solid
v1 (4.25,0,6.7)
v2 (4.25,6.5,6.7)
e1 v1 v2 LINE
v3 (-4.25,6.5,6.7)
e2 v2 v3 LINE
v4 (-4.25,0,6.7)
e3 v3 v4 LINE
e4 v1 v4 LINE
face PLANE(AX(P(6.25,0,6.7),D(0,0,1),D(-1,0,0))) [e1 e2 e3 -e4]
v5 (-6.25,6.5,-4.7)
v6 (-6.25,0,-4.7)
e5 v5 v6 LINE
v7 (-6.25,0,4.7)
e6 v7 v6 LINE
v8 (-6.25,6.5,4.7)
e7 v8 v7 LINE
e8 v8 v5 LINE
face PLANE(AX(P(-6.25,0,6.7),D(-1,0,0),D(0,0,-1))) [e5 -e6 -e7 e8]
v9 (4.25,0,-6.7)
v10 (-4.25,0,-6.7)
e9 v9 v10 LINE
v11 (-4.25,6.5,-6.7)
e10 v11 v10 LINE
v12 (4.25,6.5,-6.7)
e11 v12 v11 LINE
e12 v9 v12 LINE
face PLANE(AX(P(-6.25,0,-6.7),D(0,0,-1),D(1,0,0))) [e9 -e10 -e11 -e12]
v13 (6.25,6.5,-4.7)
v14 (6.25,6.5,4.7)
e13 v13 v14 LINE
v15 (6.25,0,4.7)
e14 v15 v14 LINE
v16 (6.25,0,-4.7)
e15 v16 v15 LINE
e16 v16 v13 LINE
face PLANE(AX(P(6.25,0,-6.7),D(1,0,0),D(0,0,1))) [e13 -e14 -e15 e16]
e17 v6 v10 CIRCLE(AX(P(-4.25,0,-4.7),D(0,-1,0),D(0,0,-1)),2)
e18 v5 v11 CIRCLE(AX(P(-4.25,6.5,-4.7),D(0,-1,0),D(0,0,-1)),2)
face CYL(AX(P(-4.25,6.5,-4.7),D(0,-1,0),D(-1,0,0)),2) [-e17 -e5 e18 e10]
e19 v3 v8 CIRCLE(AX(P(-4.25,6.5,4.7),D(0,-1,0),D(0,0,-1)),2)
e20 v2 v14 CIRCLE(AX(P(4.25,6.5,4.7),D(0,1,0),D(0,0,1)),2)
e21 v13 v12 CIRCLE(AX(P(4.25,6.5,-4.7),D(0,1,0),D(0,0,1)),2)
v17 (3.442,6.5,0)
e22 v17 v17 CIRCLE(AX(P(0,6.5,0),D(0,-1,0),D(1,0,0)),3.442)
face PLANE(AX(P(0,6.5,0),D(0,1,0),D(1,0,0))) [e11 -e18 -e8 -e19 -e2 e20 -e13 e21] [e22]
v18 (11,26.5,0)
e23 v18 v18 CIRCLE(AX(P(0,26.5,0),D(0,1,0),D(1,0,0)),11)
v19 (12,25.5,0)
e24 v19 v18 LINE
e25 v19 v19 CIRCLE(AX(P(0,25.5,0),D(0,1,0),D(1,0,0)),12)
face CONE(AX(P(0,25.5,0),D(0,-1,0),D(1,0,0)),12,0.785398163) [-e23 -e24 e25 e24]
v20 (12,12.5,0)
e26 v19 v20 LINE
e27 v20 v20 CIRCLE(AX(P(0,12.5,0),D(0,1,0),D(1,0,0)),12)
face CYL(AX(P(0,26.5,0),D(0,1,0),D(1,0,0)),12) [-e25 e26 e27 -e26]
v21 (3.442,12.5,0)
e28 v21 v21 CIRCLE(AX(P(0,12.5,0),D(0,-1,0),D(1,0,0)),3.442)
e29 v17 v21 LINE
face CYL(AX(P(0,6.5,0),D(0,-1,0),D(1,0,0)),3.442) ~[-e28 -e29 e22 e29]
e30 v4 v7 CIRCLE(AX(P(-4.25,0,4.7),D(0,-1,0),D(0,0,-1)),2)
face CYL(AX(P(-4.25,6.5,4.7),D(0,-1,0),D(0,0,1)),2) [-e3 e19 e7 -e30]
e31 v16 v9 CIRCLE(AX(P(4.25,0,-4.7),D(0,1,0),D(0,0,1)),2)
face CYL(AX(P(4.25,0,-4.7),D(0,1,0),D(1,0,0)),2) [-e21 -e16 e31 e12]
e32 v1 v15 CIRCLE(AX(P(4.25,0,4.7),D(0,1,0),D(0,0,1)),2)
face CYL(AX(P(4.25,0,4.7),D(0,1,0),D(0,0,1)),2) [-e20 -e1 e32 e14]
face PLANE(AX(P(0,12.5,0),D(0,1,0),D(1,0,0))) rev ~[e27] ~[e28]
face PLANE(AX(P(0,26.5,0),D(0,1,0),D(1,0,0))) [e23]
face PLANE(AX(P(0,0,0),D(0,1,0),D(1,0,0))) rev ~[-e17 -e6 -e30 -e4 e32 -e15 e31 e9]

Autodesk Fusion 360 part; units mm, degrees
sketch "Sketch1" plane through (0, 0, 0) normal (0, 1, 0) x (1, 0, 0)
  line L0 (6.25, -6.7) -> (-6.25, -6.7)
  line L1 (-6.25, -6.7) -> (-6.25, 6.7)
  line L2 (-6.25, 6.7) -> (6.25, 6.7)
  line L3 (6.25, 6.7) -> (6.25, -6.7)
  line L4 (6.25, -6.7) -> (-6.25, 6.7) construction
  line L5 (-6.25, -6.7) -> (6.25, 6.7) construction
  circle A0 centre (0, 0) radius 3
  circle A1 centre (0, 0) radius 3.5
  line L6 (-2.5, -4.3301) -> (2.5, 4.3301) construction
  line L7 (-2.5, 4.3301) -> (2.5, -4.3301) construction
  line L8 (-5, 0) -> (5, 0) construction
  line L9 (-2.5, -4.3301) -> (2.5, -4.3301)
  line L10 (2.5, -4.3301) -> (5, 0)
  line L11 (5, 0) -> (2.5, 4.3301)
  line L12 (2.5, 4.3301) -> (-2.5, 4.3301)
  line L13 (-2.5, 4.3301) -> (-5, 0)
  line L14 (-5, 0) -> (-2.5, -4.3301)
  circle A2 centre (0, 0) radius 12
  dimension "d1" = 13.4
  dimension "d2" = 12.5
  dimension "d3" = 6
  dimension "d4" = 7
  dimension "d16" = 10
  dimension "d17" = 60
  dimension "d18" = 60
  dimension "d23" = 24
extrude "Extrude1" add sketch "Sketch1" along normal blind 6.5 contours L0 L1 L2 L3 | A0 | A1 | L9 L10 L11 L12 L13 L14
extrude "Extrude2" add sketch "Sketch1" along normal blind 7 from surface at 6.5 contours A0 | A1
thread "Thread1" "ISO Metric profile 7.0 M7x1 6g" major diameter 6.884 minor diameter 5.744 pitch 1 angle 60 resizes the face on face at (3.4826, 11.1667, 0.3485)
extrude "Extrude3" add sketch "Sketch1" along normal blind 13 from surface at 13.5 contours A0
fillet "Fillet1" radius 2 4 edges at (-6.25, 3.25, 6.7) (6.25, 3.25, 6.7) (-6.25, 3.25, -6.7) (6.25, 3.25, -6.7)
extrude "Extrude5" add sketch "Sketch1" against normal blind 14 from surface at 26.5 contours L0 L1 L2 L3 | A0 | A1 | L9 L10 L11 L12 L13 L14 | A2
chamfer "Chamfer1" distance 1 angle 45 1 edges at (-11.1879, 26.5, -4.3394)
